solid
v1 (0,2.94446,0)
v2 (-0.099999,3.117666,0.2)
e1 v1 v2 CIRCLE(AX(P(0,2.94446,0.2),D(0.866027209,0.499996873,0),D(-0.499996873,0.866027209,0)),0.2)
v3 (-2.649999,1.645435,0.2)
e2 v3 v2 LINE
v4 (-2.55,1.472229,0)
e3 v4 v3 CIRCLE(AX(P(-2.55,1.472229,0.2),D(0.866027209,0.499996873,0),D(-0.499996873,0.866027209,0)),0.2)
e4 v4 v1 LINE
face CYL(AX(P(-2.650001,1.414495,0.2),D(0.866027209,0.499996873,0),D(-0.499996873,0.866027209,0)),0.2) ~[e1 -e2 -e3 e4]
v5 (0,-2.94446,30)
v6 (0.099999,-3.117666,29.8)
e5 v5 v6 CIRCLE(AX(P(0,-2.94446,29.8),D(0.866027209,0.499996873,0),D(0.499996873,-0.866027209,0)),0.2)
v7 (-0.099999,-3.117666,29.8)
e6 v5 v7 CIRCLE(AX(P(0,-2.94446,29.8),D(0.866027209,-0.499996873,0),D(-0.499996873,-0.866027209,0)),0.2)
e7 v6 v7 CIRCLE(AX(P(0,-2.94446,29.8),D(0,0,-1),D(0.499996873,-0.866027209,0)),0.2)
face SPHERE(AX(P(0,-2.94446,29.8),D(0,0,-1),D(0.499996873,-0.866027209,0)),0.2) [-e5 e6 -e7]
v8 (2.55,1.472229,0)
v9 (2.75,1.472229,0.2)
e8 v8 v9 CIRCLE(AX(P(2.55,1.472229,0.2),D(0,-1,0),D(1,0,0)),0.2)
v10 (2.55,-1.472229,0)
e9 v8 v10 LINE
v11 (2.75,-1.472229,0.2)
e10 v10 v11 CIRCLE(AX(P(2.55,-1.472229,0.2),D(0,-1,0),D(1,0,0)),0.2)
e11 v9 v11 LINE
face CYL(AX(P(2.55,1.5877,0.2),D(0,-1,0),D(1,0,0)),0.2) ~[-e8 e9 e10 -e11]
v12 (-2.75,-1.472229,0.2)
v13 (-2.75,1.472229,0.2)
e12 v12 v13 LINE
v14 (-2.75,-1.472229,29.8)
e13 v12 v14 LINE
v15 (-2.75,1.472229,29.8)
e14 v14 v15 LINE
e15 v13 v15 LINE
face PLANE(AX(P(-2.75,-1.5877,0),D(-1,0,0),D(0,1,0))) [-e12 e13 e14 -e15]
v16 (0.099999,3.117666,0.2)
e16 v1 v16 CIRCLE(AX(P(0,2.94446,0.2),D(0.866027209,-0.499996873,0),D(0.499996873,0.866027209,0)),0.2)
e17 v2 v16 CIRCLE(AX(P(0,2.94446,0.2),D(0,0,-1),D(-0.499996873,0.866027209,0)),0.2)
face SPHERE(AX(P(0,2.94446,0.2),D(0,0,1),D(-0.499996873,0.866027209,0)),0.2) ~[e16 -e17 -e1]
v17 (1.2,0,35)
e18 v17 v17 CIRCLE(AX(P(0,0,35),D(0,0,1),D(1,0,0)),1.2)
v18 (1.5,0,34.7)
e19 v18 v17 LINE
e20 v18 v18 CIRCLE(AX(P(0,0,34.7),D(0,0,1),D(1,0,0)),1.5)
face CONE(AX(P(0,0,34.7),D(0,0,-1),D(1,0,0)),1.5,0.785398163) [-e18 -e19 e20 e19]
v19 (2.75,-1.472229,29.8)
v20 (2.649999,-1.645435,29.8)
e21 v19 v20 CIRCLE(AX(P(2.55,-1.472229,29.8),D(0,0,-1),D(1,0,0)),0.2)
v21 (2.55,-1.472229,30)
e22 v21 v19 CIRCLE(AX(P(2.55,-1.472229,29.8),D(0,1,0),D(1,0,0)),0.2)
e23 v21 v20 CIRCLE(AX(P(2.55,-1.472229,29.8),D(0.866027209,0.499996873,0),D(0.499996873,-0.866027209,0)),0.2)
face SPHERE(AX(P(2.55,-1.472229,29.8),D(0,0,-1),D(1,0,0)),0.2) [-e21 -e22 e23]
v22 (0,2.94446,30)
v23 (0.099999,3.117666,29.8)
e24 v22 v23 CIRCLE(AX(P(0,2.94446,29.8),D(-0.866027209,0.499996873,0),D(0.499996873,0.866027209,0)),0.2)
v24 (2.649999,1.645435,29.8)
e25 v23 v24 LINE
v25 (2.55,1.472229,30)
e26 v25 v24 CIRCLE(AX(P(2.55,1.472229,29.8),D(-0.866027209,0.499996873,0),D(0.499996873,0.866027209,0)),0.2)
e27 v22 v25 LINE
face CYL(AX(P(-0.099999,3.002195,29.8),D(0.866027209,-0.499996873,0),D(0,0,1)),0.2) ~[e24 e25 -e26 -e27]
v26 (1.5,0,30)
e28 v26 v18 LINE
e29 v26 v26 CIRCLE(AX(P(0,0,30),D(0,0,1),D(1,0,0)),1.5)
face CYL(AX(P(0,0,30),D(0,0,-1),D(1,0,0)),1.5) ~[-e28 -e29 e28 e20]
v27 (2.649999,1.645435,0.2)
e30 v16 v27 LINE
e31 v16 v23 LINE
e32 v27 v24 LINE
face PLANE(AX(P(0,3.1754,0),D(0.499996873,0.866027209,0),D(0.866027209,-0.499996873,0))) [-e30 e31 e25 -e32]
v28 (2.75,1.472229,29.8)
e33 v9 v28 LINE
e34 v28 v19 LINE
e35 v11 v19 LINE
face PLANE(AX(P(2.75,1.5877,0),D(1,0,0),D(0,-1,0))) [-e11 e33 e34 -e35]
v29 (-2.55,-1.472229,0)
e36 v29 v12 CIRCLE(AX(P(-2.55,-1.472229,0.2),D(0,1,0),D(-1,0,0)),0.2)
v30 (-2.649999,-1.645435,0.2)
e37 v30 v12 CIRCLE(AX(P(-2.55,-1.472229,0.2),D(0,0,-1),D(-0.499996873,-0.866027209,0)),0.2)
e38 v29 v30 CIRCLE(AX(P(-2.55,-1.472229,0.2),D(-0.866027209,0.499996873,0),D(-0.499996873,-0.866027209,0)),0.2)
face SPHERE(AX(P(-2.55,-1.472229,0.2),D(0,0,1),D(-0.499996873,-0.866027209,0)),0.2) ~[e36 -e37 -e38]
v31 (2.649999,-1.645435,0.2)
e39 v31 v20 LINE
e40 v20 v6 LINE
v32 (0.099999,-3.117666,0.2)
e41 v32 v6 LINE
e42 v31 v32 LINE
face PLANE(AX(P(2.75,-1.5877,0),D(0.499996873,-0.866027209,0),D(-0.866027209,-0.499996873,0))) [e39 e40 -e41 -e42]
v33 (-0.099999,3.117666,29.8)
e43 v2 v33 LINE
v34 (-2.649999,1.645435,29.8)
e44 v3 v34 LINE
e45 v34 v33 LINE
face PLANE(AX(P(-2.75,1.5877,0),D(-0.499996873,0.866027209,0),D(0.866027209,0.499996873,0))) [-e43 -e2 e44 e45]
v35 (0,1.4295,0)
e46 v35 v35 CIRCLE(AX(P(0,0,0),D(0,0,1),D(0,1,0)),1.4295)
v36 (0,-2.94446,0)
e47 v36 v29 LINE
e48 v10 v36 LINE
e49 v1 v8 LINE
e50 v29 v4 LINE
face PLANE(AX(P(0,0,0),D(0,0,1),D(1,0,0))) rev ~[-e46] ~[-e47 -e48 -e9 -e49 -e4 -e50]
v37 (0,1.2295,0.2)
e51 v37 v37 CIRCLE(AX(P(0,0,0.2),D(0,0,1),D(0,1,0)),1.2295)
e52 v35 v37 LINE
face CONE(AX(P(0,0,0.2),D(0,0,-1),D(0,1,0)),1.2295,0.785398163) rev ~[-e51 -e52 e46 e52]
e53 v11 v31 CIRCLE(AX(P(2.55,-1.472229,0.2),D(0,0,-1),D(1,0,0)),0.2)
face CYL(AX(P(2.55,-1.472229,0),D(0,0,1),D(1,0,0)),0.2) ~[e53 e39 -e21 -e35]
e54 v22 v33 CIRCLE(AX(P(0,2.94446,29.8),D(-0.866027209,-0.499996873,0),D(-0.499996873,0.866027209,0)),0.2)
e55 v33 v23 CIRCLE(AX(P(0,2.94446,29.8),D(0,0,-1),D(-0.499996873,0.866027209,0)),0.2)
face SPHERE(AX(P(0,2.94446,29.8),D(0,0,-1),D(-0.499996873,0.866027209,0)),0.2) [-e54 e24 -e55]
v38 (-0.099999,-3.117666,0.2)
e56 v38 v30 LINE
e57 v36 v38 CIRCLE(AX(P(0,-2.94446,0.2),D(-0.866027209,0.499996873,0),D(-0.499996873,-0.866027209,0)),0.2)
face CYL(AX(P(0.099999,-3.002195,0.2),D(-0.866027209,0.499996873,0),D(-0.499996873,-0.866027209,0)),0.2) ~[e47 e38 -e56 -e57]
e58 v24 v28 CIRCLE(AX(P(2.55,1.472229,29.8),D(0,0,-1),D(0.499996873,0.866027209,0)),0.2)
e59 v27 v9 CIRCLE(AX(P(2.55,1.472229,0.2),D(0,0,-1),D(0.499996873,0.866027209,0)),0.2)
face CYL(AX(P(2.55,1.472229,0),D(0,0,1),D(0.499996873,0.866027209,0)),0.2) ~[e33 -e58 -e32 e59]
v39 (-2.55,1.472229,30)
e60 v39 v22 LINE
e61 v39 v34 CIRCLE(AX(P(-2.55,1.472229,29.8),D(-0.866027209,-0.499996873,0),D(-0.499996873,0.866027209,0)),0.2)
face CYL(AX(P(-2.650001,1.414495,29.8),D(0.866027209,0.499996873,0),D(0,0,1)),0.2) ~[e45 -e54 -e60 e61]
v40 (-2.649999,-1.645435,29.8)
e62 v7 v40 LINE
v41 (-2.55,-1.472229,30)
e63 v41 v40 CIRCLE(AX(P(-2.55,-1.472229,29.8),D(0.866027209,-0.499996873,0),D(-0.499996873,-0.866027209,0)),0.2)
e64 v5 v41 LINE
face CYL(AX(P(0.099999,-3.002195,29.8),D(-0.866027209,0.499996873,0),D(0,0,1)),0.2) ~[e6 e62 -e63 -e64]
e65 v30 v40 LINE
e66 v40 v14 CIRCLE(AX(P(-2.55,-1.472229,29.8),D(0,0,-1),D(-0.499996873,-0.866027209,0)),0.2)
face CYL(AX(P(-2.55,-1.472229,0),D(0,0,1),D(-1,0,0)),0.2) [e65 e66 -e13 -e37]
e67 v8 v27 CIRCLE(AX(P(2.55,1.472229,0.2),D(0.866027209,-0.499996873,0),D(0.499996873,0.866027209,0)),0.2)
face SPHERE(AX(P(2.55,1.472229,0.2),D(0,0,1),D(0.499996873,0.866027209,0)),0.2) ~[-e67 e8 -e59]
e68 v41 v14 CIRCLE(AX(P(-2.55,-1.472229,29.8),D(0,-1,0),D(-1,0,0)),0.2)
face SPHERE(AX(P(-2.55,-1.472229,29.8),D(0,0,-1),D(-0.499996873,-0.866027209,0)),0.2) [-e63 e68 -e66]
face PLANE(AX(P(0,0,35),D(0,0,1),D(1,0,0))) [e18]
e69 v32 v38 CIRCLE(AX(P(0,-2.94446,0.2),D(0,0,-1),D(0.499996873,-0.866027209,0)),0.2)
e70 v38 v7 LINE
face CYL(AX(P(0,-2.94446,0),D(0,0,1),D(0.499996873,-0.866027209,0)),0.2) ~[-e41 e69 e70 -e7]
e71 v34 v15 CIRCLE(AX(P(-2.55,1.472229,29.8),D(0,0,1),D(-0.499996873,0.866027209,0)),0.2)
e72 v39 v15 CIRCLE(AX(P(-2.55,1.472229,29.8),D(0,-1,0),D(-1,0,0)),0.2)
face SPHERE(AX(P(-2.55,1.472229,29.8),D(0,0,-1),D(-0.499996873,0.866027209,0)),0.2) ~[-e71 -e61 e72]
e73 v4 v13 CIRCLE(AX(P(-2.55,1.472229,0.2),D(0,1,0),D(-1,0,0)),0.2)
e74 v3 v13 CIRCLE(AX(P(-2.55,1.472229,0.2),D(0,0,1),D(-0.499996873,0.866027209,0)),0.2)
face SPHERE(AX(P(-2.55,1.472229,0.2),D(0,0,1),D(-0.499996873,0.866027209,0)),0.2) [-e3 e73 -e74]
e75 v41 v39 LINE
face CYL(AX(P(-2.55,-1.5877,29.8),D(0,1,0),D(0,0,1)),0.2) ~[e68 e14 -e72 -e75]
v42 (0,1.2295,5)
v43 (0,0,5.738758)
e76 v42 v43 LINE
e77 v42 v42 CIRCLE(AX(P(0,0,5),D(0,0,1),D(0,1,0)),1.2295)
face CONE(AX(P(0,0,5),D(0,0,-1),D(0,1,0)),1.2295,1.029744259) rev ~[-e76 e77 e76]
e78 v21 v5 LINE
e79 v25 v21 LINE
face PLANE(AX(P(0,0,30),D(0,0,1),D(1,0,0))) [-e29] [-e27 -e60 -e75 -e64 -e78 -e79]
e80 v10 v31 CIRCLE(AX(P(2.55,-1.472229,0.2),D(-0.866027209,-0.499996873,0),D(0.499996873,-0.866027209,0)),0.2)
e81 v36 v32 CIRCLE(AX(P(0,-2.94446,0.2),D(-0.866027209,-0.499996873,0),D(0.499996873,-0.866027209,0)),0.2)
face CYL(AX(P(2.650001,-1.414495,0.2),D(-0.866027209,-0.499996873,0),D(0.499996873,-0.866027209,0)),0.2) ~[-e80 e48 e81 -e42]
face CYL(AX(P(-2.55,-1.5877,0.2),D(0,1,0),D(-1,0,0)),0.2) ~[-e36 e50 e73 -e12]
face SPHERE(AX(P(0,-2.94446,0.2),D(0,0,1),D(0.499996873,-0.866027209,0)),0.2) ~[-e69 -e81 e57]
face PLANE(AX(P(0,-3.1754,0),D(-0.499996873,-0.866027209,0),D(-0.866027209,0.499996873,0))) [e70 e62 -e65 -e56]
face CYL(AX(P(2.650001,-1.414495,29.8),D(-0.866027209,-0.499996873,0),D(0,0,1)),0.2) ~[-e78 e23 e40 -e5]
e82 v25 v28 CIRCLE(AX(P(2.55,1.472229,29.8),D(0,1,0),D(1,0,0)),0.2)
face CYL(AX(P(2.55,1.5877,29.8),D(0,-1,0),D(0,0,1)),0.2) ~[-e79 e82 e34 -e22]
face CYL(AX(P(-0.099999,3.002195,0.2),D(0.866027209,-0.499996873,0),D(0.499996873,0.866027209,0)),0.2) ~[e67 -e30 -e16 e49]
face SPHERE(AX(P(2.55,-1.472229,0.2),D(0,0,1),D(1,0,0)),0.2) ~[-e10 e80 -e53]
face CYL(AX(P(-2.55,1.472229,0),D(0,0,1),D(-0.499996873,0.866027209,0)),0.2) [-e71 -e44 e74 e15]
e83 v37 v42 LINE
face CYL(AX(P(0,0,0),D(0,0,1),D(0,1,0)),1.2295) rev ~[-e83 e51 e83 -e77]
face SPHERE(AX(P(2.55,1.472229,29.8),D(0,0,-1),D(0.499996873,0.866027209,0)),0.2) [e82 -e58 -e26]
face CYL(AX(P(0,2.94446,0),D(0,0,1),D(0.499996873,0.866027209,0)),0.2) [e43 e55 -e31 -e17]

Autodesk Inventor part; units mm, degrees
ref_plane "YZ Plane" through (0, 0, 0) normal (1, 0, 0) x (0, 1, 0)
ref_plane "XZ Plane" through (0, 0, 0) normal (0, 1, 0) x (-1, 0, 0)
ref_plane "XY Plane" through (0, 0, 0) normal (0, 0, 1) x (1, 0, 0)
sketch "スケッチ1" plane through (0, 0, 0) normal (0, 0, 1) x (1, 0, 0)
  line L0 (0, 3.1754) -> (2.75, 1.5877)
  line L1 (2.75, 1.5877) -> (2.75, -1.5877)
  line L2 (2.75, -1.5877) -> (0, -3.1754)
  line L3 (0, -3.1754) -> (-2.75, -1.5877)
  line L4 (-2.75, -1.5877) -> (-2.75, 1.5877)
  line L5 (-2.75, 1.5877) -> (0, 3.1754)
  point P0 (0, 0)
  point P1 (0, 0)
  dimension "d0" = 5.5
extrude "押し出し1" add sketch "スケッチ1" along normal blind 30
sketch "スケッチ2" plane through (0, 0, 30) normal (0, 0, 1) x (1, 0, 0)
  circle A0 centre (0, 0) radius 1.5
  dimension "d3" = 3
extrude "押し出し2" add sketch "スケッチ2" along normal blind 5
thread "ねじ1" size "M3x0.5" class "6g" standard "ANSI Metric M Profile" length 12
chamfer "面取り1" distance 0.3 angle 45 1 edges at (-1.5, 0, 35)
fillet "フィレット1" radius 0.2 18 edges at (-1.375, 2.3816, 30) (1.375, 2.3816, 30) (2.75, 0, 30) (1.375, -2.3816, 30) (-1.375, -2.3816, 30) (-2.75, 0, 30) (-2.75, -1.5877, 15) (0, -3.1754, 15) (2.75, -1.5877, 15) (2.75, 1.5877, 15) (0, 3.1754, 15) (-2.75, 1.5877, 15) (-1.375, 2.3816, 0) (1.375, 2.3816, 0) (2.75, 0, 0) (1.375, -2.3816, 0) (-1.375, -2.3816, 0) (-2.75, 0, 0)
sketch "スケッチ3" plane through (0, 0, 0) normal (0, 0, -1) x (-1, 0, 0)
  point P0 (0, 0)
hole "穴1" at (0, 0, 0) direction (0, 0, 1) diameter 2.459 depth 5 tip angle 118 thread size "M3x0.5" class "6H" standard "ANSI Metric M Profile"
chamfer "面取り2" distance 0.2 angle 45 1 edges at (0, -1.2295, 0)
properties part number "hexagonal_spacer_M3_30mm" material "鋼、炭素鋼"
